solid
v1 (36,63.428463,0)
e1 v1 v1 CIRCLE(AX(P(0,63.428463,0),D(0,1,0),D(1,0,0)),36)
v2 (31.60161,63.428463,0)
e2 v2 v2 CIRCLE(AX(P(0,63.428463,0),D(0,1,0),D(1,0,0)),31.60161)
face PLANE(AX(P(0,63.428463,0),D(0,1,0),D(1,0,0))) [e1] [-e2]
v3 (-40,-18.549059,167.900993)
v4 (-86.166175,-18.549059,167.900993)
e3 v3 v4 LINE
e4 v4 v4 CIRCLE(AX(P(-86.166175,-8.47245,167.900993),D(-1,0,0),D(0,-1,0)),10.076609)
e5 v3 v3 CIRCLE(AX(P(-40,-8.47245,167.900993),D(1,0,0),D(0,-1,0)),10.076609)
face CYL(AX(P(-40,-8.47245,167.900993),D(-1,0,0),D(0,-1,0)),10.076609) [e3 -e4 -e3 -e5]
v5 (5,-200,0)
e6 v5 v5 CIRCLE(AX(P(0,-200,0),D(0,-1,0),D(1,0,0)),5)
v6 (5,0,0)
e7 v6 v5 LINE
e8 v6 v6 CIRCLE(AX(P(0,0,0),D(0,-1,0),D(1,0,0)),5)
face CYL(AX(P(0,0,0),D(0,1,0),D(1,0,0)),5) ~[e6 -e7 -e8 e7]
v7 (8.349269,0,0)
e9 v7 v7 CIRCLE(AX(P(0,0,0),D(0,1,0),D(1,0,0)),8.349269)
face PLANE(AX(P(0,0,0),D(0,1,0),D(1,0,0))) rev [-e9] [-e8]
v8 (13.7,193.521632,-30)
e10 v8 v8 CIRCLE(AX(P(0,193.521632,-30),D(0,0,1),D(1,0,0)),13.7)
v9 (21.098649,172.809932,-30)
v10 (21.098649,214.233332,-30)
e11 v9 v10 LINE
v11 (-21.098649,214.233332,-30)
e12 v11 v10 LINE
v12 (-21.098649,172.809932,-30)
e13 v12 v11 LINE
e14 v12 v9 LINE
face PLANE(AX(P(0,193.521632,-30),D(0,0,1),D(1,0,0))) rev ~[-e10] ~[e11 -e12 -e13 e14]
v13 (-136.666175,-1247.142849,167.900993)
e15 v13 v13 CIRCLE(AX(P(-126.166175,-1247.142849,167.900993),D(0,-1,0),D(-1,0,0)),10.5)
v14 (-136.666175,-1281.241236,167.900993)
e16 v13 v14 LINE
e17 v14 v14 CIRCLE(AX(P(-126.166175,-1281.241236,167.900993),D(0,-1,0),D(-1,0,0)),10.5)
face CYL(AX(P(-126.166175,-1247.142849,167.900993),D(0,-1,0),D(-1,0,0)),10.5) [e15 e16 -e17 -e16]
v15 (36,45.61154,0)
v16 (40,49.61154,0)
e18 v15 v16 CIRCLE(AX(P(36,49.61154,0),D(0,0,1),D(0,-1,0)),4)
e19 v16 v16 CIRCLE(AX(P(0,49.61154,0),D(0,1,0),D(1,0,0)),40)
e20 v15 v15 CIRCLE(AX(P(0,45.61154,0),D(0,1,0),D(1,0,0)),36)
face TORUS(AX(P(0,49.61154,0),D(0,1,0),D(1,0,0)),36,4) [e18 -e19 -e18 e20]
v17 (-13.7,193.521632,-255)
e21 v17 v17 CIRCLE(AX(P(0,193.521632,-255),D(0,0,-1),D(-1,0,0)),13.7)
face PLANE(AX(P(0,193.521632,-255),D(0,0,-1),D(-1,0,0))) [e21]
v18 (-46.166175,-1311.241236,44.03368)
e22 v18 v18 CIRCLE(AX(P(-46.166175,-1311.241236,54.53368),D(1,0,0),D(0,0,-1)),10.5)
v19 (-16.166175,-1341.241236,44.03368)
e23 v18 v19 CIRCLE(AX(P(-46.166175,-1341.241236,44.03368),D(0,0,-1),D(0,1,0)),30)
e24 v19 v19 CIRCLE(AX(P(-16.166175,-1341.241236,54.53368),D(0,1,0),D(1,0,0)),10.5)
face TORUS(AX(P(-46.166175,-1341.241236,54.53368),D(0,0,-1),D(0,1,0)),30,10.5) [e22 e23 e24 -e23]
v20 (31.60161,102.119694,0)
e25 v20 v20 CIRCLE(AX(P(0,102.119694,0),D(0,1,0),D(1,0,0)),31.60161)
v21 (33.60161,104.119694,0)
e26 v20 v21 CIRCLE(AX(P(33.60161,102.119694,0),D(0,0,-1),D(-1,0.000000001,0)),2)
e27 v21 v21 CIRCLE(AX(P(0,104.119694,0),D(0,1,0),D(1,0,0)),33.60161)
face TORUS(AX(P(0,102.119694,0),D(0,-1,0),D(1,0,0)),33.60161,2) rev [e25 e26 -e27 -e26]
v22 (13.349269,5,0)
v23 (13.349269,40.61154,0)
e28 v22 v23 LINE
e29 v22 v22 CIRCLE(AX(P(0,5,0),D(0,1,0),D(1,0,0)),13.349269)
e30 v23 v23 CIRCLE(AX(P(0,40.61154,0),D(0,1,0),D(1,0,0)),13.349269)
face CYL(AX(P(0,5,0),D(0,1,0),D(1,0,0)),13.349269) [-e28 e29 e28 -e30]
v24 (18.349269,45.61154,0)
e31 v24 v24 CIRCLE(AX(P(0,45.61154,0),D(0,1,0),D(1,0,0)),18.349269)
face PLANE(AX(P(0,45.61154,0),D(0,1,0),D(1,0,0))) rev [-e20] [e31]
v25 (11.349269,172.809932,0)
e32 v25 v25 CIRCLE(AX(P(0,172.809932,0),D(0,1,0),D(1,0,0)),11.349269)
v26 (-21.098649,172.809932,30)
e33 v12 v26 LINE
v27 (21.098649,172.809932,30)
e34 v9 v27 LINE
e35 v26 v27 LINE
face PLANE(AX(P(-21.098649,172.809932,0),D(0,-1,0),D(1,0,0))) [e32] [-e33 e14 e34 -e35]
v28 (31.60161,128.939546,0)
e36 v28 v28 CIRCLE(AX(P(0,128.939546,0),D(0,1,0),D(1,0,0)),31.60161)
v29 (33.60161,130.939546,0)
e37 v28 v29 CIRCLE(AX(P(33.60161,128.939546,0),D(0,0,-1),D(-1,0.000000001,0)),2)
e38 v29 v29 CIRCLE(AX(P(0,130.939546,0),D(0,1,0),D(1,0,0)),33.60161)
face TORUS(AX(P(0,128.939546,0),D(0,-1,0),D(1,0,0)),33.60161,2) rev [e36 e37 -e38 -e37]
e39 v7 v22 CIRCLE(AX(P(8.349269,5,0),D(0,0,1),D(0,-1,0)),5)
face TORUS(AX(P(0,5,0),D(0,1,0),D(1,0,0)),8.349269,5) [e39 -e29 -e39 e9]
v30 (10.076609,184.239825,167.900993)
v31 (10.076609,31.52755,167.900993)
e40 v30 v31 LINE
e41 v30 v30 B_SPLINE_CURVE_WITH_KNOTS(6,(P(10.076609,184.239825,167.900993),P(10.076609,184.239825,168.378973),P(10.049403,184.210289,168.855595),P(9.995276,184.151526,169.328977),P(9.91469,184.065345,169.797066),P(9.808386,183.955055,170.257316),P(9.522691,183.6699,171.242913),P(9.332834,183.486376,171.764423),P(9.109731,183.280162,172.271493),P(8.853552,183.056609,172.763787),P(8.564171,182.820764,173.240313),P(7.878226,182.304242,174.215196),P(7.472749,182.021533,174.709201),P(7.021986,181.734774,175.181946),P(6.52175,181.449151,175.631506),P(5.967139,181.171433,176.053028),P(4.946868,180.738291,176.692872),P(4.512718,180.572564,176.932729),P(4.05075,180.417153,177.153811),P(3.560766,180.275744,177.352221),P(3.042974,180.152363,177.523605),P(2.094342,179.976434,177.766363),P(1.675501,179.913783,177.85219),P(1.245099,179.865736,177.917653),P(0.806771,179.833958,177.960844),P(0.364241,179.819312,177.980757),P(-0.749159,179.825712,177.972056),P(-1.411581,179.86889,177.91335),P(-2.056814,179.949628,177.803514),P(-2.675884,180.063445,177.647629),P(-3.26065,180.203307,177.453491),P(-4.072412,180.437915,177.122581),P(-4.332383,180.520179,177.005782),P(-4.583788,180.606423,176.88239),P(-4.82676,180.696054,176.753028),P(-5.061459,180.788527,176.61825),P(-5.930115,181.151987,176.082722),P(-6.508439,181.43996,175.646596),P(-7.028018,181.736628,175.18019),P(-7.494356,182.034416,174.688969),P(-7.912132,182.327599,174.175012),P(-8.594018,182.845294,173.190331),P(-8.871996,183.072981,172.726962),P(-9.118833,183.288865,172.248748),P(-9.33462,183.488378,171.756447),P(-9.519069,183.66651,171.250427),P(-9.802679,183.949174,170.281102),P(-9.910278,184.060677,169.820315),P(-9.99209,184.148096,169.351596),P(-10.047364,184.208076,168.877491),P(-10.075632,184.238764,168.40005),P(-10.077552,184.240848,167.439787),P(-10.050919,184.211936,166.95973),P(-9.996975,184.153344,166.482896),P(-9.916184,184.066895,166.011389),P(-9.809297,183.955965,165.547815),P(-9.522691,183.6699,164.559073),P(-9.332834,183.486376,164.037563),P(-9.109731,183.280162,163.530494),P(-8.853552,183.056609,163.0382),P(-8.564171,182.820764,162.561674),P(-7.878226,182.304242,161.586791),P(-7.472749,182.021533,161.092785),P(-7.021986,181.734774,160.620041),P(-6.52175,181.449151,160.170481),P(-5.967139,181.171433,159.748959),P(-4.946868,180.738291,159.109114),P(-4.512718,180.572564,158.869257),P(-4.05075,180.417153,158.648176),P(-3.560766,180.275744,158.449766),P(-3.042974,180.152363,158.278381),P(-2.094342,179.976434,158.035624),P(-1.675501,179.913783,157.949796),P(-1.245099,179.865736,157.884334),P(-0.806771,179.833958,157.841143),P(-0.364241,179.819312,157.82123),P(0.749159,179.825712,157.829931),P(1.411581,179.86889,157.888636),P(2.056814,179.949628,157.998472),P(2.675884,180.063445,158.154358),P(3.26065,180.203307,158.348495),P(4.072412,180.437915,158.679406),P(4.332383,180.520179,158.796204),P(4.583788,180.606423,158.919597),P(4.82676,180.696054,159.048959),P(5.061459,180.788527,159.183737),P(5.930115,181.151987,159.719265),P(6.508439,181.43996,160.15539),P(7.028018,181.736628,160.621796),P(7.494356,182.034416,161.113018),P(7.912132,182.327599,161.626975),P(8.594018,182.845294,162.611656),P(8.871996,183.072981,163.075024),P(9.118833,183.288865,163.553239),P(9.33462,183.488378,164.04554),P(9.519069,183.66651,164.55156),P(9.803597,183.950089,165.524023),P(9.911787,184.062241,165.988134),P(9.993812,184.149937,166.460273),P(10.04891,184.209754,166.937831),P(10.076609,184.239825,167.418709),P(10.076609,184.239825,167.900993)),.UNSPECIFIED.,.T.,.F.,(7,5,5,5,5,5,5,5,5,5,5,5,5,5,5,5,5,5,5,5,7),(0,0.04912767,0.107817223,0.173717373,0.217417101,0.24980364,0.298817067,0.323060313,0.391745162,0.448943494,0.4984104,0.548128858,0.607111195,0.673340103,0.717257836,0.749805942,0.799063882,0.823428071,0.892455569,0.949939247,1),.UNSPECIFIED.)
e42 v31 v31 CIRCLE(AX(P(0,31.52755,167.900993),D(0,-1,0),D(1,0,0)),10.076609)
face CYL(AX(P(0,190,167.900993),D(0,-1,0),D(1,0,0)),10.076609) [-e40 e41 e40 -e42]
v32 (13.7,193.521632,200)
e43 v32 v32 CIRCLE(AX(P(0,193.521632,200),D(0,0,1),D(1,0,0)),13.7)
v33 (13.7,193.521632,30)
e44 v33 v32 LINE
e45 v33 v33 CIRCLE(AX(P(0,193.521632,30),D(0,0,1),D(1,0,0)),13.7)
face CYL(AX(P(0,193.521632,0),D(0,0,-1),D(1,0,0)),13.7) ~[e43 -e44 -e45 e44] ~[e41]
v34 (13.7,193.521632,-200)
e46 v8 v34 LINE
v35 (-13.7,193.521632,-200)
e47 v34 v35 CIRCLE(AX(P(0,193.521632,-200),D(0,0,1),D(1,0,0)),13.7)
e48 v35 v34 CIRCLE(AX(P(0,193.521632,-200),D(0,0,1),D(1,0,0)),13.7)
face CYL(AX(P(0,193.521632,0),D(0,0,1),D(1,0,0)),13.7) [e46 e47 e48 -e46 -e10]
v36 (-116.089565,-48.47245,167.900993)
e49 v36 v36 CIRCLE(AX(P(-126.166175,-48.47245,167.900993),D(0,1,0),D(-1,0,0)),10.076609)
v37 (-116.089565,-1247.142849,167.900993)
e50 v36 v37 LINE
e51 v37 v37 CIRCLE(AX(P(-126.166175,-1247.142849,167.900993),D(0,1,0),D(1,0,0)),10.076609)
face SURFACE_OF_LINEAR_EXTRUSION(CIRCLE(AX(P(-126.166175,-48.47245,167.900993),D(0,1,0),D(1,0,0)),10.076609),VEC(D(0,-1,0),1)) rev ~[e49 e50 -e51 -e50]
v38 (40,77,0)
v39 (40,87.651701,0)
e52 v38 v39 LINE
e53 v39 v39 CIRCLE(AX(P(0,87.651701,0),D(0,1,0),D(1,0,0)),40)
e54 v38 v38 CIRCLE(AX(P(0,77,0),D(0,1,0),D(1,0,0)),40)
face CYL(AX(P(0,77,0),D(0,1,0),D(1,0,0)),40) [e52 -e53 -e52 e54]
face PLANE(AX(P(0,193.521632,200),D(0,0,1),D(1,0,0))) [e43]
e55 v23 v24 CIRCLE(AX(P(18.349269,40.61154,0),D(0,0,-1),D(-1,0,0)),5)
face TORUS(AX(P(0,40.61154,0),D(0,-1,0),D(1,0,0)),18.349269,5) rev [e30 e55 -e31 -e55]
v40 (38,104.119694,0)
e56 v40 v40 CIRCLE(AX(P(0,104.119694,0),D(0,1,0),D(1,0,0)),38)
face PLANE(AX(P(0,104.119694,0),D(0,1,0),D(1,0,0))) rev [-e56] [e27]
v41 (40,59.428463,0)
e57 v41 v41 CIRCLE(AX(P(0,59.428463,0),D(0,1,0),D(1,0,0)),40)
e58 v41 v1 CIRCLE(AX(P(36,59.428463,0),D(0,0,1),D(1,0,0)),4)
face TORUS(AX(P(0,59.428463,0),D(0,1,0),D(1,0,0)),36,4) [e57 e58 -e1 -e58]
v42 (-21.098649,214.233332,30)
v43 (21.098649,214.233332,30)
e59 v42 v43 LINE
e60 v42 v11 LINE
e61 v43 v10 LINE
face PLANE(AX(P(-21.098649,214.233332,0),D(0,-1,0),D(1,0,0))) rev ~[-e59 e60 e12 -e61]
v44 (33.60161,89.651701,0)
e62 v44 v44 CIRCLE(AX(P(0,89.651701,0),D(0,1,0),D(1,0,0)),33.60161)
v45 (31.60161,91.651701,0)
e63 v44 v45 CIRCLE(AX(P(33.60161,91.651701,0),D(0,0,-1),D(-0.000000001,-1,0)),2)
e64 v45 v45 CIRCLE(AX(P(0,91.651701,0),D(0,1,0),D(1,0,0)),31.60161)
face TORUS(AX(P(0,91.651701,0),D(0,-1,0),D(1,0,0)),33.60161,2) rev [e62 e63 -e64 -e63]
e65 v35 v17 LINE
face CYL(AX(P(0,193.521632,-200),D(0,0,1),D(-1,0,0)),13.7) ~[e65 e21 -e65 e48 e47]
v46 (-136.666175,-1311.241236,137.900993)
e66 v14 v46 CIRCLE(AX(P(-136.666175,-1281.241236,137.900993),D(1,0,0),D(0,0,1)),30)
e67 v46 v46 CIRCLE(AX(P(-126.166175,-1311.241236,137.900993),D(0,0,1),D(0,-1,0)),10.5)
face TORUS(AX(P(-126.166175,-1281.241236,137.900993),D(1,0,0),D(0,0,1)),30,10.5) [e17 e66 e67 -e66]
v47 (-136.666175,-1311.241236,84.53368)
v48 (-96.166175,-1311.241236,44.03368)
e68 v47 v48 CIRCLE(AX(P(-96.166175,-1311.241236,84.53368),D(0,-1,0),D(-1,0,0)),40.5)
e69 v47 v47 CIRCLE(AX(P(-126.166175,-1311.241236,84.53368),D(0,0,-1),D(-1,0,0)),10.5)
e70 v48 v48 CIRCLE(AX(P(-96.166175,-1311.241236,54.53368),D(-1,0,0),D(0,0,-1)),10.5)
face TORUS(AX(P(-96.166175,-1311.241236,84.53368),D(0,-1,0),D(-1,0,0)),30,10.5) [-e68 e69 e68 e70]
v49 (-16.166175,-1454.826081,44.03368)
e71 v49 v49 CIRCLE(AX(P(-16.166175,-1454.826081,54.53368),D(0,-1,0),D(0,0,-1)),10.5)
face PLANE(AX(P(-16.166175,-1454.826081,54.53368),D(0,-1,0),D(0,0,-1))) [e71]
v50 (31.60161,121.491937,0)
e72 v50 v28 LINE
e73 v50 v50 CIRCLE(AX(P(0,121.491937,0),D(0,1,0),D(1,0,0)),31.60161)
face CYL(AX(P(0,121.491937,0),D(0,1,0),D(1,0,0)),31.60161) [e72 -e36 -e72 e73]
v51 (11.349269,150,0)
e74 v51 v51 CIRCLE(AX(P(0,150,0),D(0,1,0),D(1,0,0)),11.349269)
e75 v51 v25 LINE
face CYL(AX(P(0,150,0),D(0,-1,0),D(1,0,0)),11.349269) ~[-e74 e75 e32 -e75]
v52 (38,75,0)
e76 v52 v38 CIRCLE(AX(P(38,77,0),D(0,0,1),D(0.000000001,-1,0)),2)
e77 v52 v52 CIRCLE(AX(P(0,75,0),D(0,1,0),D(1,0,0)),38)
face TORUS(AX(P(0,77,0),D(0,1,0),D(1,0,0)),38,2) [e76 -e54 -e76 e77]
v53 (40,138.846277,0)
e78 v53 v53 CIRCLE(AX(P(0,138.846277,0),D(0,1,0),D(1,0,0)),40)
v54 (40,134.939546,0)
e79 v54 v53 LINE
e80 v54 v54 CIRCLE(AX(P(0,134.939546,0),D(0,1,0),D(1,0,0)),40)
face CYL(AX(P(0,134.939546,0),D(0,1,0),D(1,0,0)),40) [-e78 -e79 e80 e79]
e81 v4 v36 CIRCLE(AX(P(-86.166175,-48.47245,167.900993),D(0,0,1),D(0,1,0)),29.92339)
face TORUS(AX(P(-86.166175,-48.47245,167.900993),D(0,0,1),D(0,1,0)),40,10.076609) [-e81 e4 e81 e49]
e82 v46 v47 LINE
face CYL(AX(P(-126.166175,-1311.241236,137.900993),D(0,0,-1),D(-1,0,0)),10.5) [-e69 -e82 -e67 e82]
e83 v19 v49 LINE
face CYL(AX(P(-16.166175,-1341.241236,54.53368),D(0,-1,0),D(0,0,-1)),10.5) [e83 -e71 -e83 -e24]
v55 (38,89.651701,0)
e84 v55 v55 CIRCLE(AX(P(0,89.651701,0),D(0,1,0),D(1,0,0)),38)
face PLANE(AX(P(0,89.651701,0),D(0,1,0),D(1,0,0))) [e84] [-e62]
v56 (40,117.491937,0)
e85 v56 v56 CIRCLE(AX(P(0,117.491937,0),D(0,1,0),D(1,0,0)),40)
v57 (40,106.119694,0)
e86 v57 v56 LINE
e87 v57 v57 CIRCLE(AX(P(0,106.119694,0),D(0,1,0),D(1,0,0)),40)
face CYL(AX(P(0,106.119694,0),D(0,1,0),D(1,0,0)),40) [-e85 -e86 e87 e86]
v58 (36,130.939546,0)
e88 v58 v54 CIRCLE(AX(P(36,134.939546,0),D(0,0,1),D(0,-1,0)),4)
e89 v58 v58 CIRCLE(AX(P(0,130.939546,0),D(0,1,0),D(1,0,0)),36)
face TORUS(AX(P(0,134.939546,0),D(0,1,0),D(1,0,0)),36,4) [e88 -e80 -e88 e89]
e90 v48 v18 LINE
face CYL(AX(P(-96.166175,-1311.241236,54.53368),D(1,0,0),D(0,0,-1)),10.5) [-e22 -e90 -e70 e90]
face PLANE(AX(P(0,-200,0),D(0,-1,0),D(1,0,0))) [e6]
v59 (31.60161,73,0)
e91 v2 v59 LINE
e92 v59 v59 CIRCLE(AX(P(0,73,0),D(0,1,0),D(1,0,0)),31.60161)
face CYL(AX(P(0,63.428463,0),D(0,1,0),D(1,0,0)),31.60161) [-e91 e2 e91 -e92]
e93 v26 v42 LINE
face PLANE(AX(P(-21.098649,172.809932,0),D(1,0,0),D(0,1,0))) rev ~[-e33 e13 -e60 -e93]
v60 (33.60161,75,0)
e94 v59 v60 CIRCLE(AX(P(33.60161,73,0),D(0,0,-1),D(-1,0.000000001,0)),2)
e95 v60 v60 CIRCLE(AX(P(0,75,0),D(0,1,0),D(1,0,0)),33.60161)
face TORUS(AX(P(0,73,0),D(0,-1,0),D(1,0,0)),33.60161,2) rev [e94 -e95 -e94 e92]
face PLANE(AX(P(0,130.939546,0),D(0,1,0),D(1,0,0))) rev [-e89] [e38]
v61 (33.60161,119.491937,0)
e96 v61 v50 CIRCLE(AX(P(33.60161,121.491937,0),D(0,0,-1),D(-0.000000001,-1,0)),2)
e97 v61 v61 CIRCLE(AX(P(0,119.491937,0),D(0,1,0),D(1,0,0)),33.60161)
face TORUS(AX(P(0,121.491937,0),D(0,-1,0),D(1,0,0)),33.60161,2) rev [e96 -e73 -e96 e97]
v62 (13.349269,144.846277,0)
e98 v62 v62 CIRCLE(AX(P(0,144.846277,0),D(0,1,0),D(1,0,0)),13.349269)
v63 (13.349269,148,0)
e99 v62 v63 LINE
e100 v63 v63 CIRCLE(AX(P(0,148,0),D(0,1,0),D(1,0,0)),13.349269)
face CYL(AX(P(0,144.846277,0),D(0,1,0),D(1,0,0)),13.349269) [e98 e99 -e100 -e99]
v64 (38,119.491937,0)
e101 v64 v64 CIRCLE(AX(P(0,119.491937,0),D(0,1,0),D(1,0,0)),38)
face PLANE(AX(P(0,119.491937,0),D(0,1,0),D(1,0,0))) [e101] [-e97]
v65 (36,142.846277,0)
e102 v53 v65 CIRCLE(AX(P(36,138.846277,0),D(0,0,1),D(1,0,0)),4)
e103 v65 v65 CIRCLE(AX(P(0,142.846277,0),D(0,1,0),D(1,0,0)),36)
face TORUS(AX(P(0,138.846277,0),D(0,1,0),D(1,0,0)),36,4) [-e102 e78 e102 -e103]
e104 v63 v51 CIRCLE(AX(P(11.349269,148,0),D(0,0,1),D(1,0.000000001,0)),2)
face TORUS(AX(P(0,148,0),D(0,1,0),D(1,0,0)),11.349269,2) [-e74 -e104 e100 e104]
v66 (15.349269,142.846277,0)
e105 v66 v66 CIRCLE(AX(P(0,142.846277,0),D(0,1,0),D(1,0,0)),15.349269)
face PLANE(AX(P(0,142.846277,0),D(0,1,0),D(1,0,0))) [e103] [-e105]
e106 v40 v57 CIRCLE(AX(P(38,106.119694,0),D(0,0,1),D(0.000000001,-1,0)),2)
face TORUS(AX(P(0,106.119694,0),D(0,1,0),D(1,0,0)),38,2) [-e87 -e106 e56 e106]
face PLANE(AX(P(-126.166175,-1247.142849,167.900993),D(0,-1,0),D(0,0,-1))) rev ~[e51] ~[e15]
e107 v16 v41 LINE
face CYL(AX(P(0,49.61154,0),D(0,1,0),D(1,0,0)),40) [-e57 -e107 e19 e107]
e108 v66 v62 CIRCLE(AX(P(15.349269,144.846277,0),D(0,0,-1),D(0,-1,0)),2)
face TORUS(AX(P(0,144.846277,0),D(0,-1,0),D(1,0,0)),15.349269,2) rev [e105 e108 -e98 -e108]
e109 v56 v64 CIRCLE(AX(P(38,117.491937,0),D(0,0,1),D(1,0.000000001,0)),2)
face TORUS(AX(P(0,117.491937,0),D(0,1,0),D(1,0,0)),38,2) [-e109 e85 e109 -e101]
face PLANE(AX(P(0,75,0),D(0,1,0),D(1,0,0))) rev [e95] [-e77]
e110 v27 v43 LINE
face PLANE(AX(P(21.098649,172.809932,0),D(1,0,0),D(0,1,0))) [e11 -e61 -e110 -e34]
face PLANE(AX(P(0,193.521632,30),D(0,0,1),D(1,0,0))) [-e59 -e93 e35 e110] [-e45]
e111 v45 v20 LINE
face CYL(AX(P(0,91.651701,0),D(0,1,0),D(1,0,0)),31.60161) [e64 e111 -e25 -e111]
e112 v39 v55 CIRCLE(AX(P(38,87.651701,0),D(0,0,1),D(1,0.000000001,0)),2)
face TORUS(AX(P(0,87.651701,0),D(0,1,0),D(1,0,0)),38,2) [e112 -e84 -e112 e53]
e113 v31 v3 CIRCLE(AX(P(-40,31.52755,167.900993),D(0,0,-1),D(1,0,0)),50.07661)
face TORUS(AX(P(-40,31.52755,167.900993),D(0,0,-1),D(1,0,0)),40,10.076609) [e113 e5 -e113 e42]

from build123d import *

# Parameters (mm, degrees)
CROQUIS2_R                   = 11.349269333
SALIENTE_EXTRUIR1_DEPTH      = 30
SALIENTE_EXTRUIR2_DEPTH      = 30
SALIENTE_EXTRUIR2_DEPTH_BACK = 30
CROQUIS3_W                   = 42.197298712
CROQUIS3_H                   = 41.423400297
CROQUIS3_R                   = 13.7
SALIENTE_EXTRUIR3_DEPTH      = 200
SALIENTE_EXTRUIR3_DEPTH_BACK = 200
CROQUIS4_R                   = 13.7
CROQUIS5_R                   = 5
SALIENTE_EXTRUIR4_DEPTH      = 200
CROQUIS6_R                   = 10.0766095
BARRER2_PROFILE_R            = 10.5
CROQUIS7_R                   = 13.7
SALIENTE_EXTRUIR5_DEPTH      = 55


with BuildPart() as part:
    # Croquis1 → Revolución1 (revolve)
    with BuildSketch(Plane.XY):
        with BuildLine():
            Line((0, 0), (8.349269333, 0))
            ThreePointArc((8.349269333, 0), (11.884803239, 1.464466094), (13.349269333, 5))
            Line((13.349269333, 5), (13.349269333, 40.611540427))
            ThreePointArc((13.349269333, 40.611540427), (14.813735427, 44.147074333), (18.349269333, 45.611540427))
            Line((18.349269333, 45.611540427), (36, 45.611540427))
            ThreePointArc((36, 45.611540427), (38.828427125, 46.783113303), (40, 49.611540427))
            Line((40, 49.611540427), (40, 59.428463305))
            ThreePointArc((40, 59.428463305), (38.828427125, 62.25689043), (36, 63.428463305))
            Line((36, 63.428463305), (31.601610056, 63.428463305))
            Line((31.601610056, 63.428463305), (31.601610056, 73))
            ThreePointArc((31.601610056, 73), (32.187396494, 74.414213562), (33.601610056, 75))
            Line((33.601610056, 75), (38, 75))
            ThreePointArc((38, 75), (39.414213562, 75.585786438), (40, 77))
            Line((40, 77), (40, 87.65170098))
            ThreePointArc((40, 87.65170098), (39.414213562, 89.065914542), (38, 89.65170098))
            Line((38, 89.65170098), (33.601610056, 89.65170098))
            ThreePointArc((33.601610056, 89.65170098), (32.187396494, 90.237487418), (31.601610056, 91.65170098))
            Line((31.601610056, 91.65170098), (31.601610056, 102.11969418))
            ThreePointArc((31.601610056, 102.11969418), (32.187396494, 103.533907742), (33.601610056, 104.11969418))
            Line((33.601610056, 104.11969418), (38, 104.11969418))
            ThreePointArc((38, 104.11969418), (39.414213562, 104.705480618), (40, 106.11969418))
            Line((40, 106.11969418), (40, 117.491936955))
            ThreePointArc((40, 117.491936955), (39.414213562, 118.906150517), (38, 119.491936955))
            Line((38, 119.491936955), (33.601610056, 119.491936955))
            ThreePointArc((33.601610056, 119.491936955), (32.187396494, 120.077723393), (31.601610056, 121.491936955))
            Line((31.601610056, 121.491936955), (31.601610056, 128.93954592))
            ThreePointArc((31.601610056, 128.93954592), (32.187396494, 130.353759482), (33.601610056, 130.93954592))
            Line((33.601610056, 130.93954592), (36, 130.93954592))
            ThreePointArc((36, 130.93954592), (38.828427125, 132.111118795), (40, 134.93954592))
            Line((40, 134.93954592), (40, 138.846276558))
            ThreePointArc((40, 138.846276558), (38.828427125, 141.674703682), (36, 142.846276558))
            Line((36, 142.846276558), (15.349269333, 142.846276558))
            ThreePointArc((15.349269333, 142.846276558), (13.935055771, 143.432062995), (13.349269333, 144.846276558))
            Line((13.349269333, 144.846276558), (13.349269333, 148))
            ThreePointArc((13.349269333, 148), (12.763482895, 149.414213562), (11.349269333, 150))
            Line((11.349269333, 150), (0, 150))
            Line((0, 150), (0, 0))
        make_face()
    revolve(axis=Axis((0, 0, 0), (0, 1, 0)))

    # Croquis2 → Saliente-Extruir1 (add)
    with BuildSketch(Plane(origin=(0, 150, 0), x_dir=(1, 0, 0), z_dir=(0, 1, 0))):
        Circle(CROQUIS2_R)
    extrude(amount=SALIENTE_EXTRUIR1_DEPTH)

    # Croquis3 → Saliente-Extruir2 (add, two sides: drawn at the far end of the back side and taken through both)
    with BuildSketch(Plane.XY.offset(-SALIENTE_EXTRUIR2_DEPTH_BACK)):
        with Locations((0, 193.5216321)):
            Rectangle(CROQUIS3_W, CROQUIS3_H)
        with Locations((0, 193.5216321)):
            Circle(CROQUIS3_R, mode=Mode.SUBTRACT)
    extrude(amount=SALIENTE_EXTRUIR2_DEPTH + SALIENTE_EXTRUIR2_DEPTH_BACK)

    # Croquis4 → Saliente-Extruir3 (add, two sides: drawn at the far end of the back side and taken through both)
    with BuildSketch(Plane.XY.offset(-SALIENTE_EXTRUIR3_DEPTH_BACK)):
        with Locations((0, 193.5216321)):
            Circle(CROQUIS4_R)
    extrude(amount=SALIENTE_EXTRUIR3_DEPTH + SALIENTE_EXTRUIR3_DEPTH_BACK)

    # Croquis5 → Saliente-Extruir4 (add)
    with BuildSketch(Plane.XZ):
        Circle(CROQUIS5_R)
    extrude(amount=SALIENTE_EXTRUIR4_DEPTH)

    # Barrer1: sweep along a curve in space
    with BuildLine() as barrer1_path:
        Line((0, 190, 167.900993318), (0, 31.527550207, 167.900993318))
        ThreePointArc((0, 31.527550207, 167.900993318), (-11.715728753, 3.24327896, 167.900993318), (-40, -8.472449793, 167.900993318))
        Line((-40, -8.472449793, 167.900993318), (-86.16617494, -8.472449793, 167.900993318))
        ThreePointArc((-86.16617494, -8.472449793, 167.900993318), (-114.450446187, -20.188178545, 167.900993318), (-126.16617494, -48.472449793, 167.900993318))
        Line((-126.16617494, -48.472449793, 167.900993318), (-126.16617494, -1247.142849291, 167.900993318))
    # Croquis6 → Barrer1 (sweep)
    with BuildSketch(Plane(origin=(0, 190, 0), x_dir=(1, 0, 0), z_dir=(0, 1, 0))):
        with Locations((0, -167.900993318)):
            Circle(CROQUIS6_R)
    sweep(path=barrer1_path.line)

    # Barrer2: sweep along a curve in space
    with BuildLine() as barrer2_path:
        Line((-126.16617494, -1247.142849291, 167.900993318), (-126.16617494, -1281.241236432, 167.900993318))
        ThreePointArc((-126.16617494, -1281.241236432, 167.900993318), (-126.16617494, -1302.454439868, 159.114196753), (-126.16617494, -1311.241236432, 137.900993318))
        Line((-126.16617494, -1311.241236432, 137.900993318), (-126.16617494, -1311.241236432, 84.533679537))
        ThreePointArc((-126.16617494, -1311.241236432, 84.533679537), (-117.379378375, -1311.241236432, 63.320476101), (-96.16617494, -1311.241236432, 54.533679537))
        Line((-96.16617494, -1311.241236432, 54.533679537), (-46.16617494, -1311.241236432, 54.533679537))
        ThreePointArc((-46.16617494, -1311.241236432, 54.533679537), (-24.952971504, -1320.028032997, 54.533679537), (-16.16617494, -1341.241236432, 54.533679537))
        Line((-16.16617494, -1341.241236432, 54.533679537), (-16.16617494, -1454.826081359, 54.533679537))
    # Barrer2 profile (on start of the path) → Barrer2 (sweep)
    with BuildSketch(Plane(origin=(-126.16617494, -1247.142849291, 167.900993318), x_dir=(-1, 0, 0), z_dir=(0, -1, 0))):
        Circle(BARRER2_PROFILE_R)
    sweep(path=barrer2_path.line)

    # Croquis7 → Saliente-Extruir5 (add)
    with BuildSketch(Plane(origin=(0, 0, -200), x_dir=(-1, 0, 0), z_dir=(0, 0, -1))):
        with Locations((0, 193.5216321)):
            Circle(CROQUIS7_R)
    extrude(amount=SALIENTE_EXTRUIR5_DEPTH)


solid = part.part
